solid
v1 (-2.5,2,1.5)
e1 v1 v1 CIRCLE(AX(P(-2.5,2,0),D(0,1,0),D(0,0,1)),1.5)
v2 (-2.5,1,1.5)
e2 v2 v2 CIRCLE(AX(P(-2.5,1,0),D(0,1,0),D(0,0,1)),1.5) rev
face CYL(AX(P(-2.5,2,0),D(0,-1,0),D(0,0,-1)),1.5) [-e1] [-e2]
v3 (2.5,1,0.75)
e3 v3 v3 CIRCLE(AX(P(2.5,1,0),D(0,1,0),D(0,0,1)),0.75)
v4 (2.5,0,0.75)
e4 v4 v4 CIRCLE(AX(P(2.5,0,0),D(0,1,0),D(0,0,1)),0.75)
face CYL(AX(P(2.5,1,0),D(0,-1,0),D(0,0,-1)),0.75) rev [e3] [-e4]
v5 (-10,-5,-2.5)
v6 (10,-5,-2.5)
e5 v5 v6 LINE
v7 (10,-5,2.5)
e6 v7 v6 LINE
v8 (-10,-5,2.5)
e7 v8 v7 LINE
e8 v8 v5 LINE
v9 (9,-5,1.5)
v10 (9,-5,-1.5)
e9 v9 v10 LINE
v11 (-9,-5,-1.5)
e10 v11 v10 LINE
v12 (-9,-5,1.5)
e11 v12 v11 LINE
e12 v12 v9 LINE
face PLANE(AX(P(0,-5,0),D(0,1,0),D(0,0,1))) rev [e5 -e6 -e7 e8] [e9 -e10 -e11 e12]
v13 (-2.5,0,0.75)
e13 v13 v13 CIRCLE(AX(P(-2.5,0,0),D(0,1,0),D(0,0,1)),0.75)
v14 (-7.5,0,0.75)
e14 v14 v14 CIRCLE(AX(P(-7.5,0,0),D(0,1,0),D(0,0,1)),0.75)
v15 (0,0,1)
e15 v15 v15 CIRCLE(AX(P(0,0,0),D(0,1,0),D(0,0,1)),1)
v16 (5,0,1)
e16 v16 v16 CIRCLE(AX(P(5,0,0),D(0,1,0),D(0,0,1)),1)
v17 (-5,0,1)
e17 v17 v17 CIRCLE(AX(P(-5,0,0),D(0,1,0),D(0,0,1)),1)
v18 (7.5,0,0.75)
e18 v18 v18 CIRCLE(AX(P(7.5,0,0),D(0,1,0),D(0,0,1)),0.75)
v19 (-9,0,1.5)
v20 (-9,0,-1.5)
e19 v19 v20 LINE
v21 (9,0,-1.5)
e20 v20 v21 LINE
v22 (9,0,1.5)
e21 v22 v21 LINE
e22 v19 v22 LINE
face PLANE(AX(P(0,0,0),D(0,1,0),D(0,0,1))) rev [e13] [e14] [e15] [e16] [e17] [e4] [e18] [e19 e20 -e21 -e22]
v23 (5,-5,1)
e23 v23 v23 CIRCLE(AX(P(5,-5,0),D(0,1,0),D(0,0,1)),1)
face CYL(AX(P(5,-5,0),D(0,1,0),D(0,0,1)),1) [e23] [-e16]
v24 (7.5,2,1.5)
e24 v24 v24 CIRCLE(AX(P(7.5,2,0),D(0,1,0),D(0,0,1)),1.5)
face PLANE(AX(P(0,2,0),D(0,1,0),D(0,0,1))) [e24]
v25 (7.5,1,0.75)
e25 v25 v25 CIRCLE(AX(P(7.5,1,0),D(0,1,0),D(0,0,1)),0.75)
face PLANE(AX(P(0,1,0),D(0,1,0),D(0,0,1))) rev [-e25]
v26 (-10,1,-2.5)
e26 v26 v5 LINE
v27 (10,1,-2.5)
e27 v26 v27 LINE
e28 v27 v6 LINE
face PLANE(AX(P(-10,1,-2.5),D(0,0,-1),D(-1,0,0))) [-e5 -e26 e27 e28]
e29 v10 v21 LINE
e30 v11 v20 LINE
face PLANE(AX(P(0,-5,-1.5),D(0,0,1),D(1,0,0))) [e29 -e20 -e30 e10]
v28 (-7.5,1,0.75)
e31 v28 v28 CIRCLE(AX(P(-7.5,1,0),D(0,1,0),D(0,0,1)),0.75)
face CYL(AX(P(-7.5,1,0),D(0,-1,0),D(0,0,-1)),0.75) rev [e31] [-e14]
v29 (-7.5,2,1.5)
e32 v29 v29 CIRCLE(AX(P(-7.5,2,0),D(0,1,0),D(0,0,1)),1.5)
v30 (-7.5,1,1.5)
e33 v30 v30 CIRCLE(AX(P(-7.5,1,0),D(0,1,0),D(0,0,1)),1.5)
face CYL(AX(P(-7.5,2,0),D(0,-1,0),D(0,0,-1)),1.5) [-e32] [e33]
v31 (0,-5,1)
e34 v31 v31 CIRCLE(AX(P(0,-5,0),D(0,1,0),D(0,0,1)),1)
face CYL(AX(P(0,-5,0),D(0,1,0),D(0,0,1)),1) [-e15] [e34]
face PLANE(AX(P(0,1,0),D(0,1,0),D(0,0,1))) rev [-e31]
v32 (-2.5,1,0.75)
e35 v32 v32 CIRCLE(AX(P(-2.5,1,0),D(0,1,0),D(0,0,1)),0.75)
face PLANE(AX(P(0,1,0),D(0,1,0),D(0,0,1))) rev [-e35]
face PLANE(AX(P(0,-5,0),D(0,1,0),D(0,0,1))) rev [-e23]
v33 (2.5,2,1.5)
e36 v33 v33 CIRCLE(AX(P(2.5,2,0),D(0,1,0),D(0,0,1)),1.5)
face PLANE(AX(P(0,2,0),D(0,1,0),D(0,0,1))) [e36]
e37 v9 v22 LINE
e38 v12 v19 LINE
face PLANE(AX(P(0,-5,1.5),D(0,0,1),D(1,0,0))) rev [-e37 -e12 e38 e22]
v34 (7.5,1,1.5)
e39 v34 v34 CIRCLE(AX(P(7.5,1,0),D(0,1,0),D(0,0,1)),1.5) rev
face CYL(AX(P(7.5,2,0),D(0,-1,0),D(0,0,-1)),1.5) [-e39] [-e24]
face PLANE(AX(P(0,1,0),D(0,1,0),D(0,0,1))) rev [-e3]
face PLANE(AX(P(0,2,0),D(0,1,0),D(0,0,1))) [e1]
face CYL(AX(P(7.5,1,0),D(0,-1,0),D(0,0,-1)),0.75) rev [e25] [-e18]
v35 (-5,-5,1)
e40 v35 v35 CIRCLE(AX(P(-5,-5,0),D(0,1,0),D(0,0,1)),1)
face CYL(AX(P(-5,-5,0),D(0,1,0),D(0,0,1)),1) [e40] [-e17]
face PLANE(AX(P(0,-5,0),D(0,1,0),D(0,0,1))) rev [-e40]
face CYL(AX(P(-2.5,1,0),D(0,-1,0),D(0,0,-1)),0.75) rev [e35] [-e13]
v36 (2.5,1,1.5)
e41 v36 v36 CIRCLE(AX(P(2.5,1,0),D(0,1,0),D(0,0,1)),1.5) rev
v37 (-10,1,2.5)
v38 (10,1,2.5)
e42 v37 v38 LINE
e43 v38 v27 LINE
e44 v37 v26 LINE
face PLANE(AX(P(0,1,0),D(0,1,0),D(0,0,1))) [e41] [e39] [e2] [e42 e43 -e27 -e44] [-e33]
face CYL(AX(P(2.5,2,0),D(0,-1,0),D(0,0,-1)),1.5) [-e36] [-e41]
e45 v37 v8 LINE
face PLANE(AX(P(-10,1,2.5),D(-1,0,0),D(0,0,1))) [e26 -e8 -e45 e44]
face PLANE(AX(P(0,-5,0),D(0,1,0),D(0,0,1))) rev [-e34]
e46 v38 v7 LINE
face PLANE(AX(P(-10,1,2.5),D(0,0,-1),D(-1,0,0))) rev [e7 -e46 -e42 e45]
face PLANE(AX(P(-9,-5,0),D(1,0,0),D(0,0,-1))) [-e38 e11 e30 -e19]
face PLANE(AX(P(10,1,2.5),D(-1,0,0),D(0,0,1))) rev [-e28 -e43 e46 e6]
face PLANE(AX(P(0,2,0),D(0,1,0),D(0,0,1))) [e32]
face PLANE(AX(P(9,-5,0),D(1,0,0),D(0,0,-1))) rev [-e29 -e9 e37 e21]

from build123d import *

# Parameters (mm, degrees)
SKETCH1_R             = 1.5
BOSS_EXTRUDE1_DEPTH   = 2
BOSS_EXTRUDE1_2_DEPTH = 2
BOSS_EXTRUDE1_3_DEPTH = 2
BOSS_EXTRUDE1_4_DEPTH = 2
SKETCH1_3_W           = 20
SKETCH1_3_H           = 5
BOSS_EXTRUDE2_DEPTH   = 1
SKETCH1_4_R           = 0.75
CUT_EXTRUDE1_DEPTH    = 1
SKETCH1_6_W           = 20
SKETCH1_6_H           = 5
SKETCH1_6_W_2         = 18
SKETCH1_6_H_2         = 3
SKETCH1_6_R           = 1
BOSS_EXTRUDE4_DEPTH   = 5


with BuildPart() as part:
    # Sketch1 → Boss-Extrude1 (new body)
    with BuildSketch(Plane(origin=(0, 0, 0), x_dir=(1, 0, 0), z_dir=(0, 1, 0))):
        with Locations((-7.5, 0)):
            Circle(SKETCH1_R)
    extrude(amount=BOSS_EXTRUDE1_DEPTH)



with BuildPart() as body_2:
    # Sketch1 → Boss-Extrude1 2 (new body)
    with BuildSketch(Plane(origin=(0, 0, 0), x_dir=(1, 0, 0), z_dir=(0, 1, 0))):
        with Locations((-2.5, 0)):
            Circle(SKETCH1_R)
    extrude(amount=BOSS_EXTRUDE1_2_DEPTH)


with BuildPart() as body_3:
    # Sketch1 → Boss-Extrude1 3 (new body)
    with BuildSketch(Plane(origin=(0, 0, 0), x_dir=(1, 0, 0), z_dir=(0, 1, 0))):
        with Locations((2.5, 0)):
            Circle(SKETCH1_R)
    extrude(amount=BOSS_EXTRUDE1_3_DEPTH)


with BuildPart() as body_4:
    # Sketch1 → Boss-Extrude1 4 (new body)
    with BuildSketch(Plane(origin=(0, 0, 0), x_dir=(1, 0, 0), z_dir=(0, 1, 0))):
        with Locations((7.5, 0)):
            Circle(SKETCH1_R)
    extrude(amount=BOSS_EXTRUDE1_4_DEPTH)


with BuildPart() as part_1:
    add(part.part)

    add(body_2.part)  # Boss-Extrude2 merges body 2

    add(body_3.part)  # Boss-Extrude2 merges body 3

    add(body_4.part)  # Boss-Extrude2 merges body 4
    # Sketch1<3> → Boss-Extrude2 (add)
    with BuildSketch(Plane(origin=(0, 0, 0), x_dir=(1, 0, 0), z_dir=(0, 1, 0))):
        Rectangle(SKETCH1_3_W, SKETCH1_3_H)
    extrude(amount=BOSS_EXTRUDE2_DEPTH)

    # Sketch1<4> → Cut-Extrude1 (cut)
    with BuildSketch(Plane(origin=(0, 0, 0), x_dir=(1, 0, 0), z_dir=(0, 1, 0))):
        with Locations((-7.5, 0)):
            Circle(SKETCH1_4_R)
        with Locations((-2.5, 0)):
            Circle(SKETCH1_4_R)
        with Locations((2.5, 0)):
            Circle(SKETCH1_4_R)
        with Locations((7.5, 0)):
            Circle(SKETCH1_4_R)
    extrude(amount=CUT_EXTRUDE1_DEPTH, mode=Mode.SUBTRACT)

    # Sketch1<6> → Boss-Extrude4 (add)
    # profile 1 of 4: a face of its own
    with BuildSketch(Plane(origin=(0, 0, 0), x_dir=(1, 0, 0), z_dir=(0, 1, 0))):
        Rectangle(SKETCH1_6_W, SKETCH1_6_H)
        Rectangle(SKETCH1_6_W_2, SKETCH1_6_H_2, mode=Mode.SUBTRACT)
    # profile 2 of 4: a face of its own
    with BuildSketch(Plane(origin=(0, 0, 0), x_dir=(1, 0, 0), z_dir=(0, 1, 0))):
        with Locations((5, 0)):
            Circle(SKETCH1_6_R)
    # profile 3 of 4: a face of its own
    with BuildSketch(Plane(origin=(0, 0, 0), x_dir=(1, 0, 0), z_dir=(0, 1, 0))):
        Circle(SKETCH1_6_R)
    # profile 4 of 4: a face of its own
    with BuildSketch(Plane(origin=(0, 0, 0), x_dir=(1, 0, 0), z_dir=(0, 1, 0))):
        with Locations((-5, 0)):
            Circle(SKETCH1_6_R)
    extrude(amount=-BOSS_EXTRUDE4_DEPTH)


solid = part_1.part
